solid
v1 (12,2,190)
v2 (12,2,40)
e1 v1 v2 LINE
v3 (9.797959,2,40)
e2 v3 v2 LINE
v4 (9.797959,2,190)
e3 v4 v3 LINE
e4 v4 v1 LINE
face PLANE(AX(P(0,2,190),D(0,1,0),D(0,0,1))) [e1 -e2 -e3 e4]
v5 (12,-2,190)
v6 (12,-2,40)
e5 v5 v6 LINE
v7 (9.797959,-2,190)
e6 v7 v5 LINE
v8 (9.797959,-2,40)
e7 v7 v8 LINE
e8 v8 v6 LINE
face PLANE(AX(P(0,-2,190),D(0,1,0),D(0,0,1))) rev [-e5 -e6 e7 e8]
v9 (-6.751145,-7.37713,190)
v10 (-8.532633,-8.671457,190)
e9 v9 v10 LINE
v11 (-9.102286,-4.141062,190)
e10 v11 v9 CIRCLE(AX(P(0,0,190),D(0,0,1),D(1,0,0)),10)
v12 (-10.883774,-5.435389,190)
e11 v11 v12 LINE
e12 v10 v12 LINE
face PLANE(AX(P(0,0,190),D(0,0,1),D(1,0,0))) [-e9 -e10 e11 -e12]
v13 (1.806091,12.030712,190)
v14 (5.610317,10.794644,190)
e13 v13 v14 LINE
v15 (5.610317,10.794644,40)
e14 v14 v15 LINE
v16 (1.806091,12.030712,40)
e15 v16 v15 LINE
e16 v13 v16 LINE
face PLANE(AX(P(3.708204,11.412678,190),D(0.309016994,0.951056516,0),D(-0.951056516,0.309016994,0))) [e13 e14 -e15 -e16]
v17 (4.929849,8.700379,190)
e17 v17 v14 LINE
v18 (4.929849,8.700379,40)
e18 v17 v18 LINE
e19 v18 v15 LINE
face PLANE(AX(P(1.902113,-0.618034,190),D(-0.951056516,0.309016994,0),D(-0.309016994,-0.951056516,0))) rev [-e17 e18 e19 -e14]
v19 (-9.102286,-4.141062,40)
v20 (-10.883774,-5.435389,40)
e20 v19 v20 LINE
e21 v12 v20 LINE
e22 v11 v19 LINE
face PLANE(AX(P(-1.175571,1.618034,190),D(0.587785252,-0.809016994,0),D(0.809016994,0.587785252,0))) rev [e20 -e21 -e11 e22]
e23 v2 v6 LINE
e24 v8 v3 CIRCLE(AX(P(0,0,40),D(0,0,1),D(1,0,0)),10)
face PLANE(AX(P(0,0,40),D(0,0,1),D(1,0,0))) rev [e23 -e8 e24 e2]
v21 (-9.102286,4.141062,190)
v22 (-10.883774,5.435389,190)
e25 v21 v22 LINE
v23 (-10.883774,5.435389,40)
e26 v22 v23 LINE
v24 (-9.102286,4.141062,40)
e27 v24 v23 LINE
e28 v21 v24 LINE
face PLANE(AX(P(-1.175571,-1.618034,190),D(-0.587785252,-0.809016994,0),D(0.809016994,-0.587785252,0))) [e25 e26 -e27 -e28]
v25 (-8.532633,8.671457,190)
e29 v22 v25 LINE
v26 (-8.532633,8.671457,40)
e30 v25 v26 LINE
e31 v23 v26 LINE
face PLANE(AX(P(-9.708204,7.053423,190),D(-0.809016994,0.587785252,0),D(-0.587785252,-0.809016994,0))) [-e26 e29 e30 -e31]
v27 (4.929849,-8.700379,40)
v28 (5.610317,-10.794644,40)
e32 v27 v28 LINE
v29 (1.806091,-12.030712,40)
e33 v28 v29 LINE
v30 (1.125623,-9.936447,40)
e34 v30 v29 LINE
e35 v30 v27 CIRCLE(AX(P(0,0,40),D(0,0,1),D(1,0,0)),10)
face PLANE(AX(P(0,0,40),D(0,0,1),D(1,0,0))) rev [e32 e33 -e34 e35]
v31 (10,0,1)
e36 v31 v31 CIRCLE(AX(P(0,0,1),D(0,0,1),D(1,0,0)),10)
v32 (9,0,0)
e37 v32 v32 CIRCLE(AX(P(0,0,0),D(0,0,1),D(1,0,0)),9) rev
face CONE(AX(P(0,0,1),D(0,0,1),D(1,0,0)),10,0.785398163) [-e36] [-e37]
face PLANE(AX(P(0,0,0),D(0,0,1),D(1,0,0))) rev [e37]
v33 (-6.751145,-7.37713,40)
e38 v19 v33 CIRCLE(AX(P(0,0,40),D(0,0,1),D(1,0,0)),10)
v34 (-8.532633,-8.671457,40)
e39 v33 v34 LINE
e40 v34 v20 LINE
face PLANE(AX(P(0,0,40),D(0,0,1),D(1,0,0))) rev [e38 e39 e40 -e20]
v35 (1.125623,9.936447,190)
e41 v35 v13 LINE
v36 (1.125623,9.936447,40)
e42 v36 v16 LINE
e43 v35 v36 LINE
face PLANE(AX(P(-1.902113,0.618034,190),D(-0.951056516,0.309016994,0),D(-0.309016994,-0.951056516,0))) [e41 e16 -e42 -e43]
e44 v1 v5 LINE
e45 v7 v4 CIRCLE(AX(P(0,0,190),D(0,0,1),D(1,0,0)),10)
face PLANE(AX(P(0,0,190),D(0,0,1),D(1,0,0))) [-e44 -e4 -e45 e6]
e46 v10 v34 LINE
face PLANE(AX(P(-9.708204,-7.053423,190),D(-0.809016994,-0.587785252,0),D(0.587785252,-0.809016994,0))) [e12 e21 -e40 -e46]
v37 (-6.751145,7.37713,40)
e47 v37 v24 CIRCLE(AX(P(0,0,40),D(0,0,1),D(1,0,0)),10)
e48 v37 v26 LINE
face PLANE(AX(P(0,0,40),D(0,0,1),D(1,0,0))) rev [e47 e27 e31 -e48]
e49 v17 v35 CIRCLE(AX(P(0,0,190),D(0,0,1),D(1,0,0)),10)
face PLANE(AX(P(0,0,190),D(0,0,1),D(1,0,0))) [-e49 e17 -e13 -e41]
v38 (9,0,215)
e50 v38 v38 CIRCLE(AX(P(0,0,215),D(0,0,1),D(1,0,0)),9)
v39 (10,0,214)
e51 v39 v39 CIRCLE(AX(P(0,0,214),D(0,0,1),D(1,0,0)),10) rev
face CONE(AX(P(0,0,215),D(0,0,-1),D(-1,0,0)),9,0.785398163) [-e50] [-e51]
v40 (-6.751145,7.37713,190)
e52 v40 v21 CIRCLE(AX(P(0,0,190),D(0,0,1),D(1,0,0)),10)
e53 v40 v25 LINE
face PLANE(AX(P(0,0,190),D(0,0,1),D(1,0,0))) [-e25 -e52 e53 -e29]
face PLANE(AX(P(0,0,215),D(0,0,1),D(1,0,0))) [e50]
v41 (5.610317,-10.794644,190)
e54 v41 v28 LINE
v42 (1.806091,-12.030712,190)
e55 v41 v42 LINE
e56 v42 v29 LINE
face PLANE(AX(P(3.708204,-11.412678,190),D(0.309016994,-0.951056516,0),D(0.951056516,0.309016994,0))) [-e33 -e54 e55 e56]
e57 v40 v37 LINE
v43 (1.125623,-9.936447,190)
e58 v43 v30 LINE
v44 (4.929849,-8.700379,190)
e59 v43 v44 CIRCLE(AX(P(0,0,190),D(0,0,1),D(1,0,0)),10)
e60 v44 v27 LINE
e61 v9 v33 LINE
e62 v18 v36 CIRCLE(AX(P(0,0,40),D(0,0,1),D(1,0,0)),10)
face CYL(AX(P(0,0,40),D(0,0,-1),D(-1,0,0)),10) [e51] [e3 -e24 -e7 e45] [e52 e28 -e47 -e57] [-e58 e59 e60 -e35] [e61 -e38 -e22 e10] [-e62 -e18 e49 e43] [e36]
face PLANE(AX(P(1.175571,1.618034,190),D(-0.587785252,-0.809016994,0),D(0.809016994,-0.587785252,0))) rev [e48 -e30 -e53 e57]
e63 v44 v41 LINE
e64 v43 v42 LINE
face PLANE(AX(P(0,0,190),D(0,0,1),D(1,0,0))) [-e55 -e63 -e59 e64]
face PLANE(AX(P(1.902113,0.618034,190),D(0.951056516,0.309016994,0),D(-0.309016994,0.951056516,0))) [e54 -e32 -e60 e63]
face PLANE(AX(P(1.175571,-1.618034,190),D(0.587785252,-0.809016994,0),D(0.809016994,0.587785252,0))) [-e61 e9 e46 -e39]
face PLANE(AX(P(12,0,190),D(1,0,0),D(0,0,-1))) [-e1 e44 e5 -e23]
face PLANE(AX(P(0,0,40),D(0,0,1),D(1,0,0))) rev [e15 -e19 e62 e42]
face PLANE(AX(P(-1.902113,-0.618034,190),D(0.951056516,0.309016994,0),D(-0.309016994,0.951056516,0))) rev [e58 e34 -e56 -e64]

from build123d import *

# Parameters (mm, degrees)
SKETCH1_R           = 10
BOSS_EXTRUDE1_DEPTH = 40
BOSS_EXTRUDE2_START = 40
BOSS_EXTRUDE2_DEPTH = 150
BOSS_EXTRUDE3_START = 190
SKETCH1_4_R         = 10
BOSS_EXTRUDE3_DEPTH = 25
CHAMFER1_SIZE       = 1


with BuildPart() as part:
    # Sketch1 → Boss-Extrude1 (new body)
    with BuildSketch(Plane.XY):
        Circle(SKETCH1_R)
    extrude(amount=BOSS_EXTRUDE1_DEPTH)

    # Sketch1<3> → Boss-Extrude2 (add)
    with BuildSketch(Plane.XY.offset(BOSS_EXTRUDE2_START)):
        with BuildLine():
            ThreePointArc((4.929848865, -8.700378737), (8.090169944, -5.877852523), (9.797958971, -2))
            Line((9.797958971, -2), (12, -2))
            Line((12, -2), (12, 2))
            Line((12, 2), (9.797958971, 2))
            ThreePointArc((9.797958971, 2), (8.090169944, 5.877852523), (4.929848865, 8.700378737))
            Line((4.929848865, 8.700378737), (5.610316965, 10.794644207))
            Line((5.610316965, 10.794644207), (1.8060909, 12.030712184))
            Line((1.8060909, 12.030712184), (1.1256228, 9.936446715))
            ThreePointArc((1.1256228, 9.936446715), (-3.090169944, 9.510565163), (-6.751144813, 7.377129775))
            Line((-6.751144813, 7.377129775), (-8.532633428, 8.671457016))
            Line((-8.532633428, 8.671457016), (-10.883774437, 5.435389039))
            Line((-10.883774437, 5.435389039), (-9.102285822, 4.141061797))
            ThreePointArc((-9.102285822, 4.141061797), (-10, 0), (-9.102285822, -4.141061797))
            Line((-9.102285822, -4.141061797), (-10.883774437, -5.435389039))
            Line((-10.883774437, -5.435389039), (-8.532633428, -8.671457016))
            Line((-8.532633428, -8.671457016), (-6.751144813, -7.377129775))
            ThreePointArc((-6.751144813, -7.377129775), (-3.090169944, -9.510565163), (1.1256228, -9.936446715))
            Line((1.1256228, -9.936446715), (1.8060909, -12.030712184))
            Line((1.8060909, -12.030712184), (5.610316965, -10.794644207))
            Line((5.610316965, -10.794644207), (4.929848865, -8.700378737))
        make_face()
    extrude(amount=BOSS_EXTRUDE2_DEPTH)

    # Sketch1<4> → Boss-Extrude3 (add)
    with BuildSketch(Plane.XY.offset(BOSS_EXTRUDE3_START)):
        Circle(SKETCH1_4_R)
    extrude(amount=BOSS_EXTRUDE3_DEPTH)

    # Chamfer1
    chamfer1_edges = [part.edges().sort_by_distance(p)[0] for p in [
        (-10, 0, 215),
        (-10, 0, 0),
    ]]
    chamfer(chamfer1_edges, length=CHAMFER1_SIZE)


solid = part.part
